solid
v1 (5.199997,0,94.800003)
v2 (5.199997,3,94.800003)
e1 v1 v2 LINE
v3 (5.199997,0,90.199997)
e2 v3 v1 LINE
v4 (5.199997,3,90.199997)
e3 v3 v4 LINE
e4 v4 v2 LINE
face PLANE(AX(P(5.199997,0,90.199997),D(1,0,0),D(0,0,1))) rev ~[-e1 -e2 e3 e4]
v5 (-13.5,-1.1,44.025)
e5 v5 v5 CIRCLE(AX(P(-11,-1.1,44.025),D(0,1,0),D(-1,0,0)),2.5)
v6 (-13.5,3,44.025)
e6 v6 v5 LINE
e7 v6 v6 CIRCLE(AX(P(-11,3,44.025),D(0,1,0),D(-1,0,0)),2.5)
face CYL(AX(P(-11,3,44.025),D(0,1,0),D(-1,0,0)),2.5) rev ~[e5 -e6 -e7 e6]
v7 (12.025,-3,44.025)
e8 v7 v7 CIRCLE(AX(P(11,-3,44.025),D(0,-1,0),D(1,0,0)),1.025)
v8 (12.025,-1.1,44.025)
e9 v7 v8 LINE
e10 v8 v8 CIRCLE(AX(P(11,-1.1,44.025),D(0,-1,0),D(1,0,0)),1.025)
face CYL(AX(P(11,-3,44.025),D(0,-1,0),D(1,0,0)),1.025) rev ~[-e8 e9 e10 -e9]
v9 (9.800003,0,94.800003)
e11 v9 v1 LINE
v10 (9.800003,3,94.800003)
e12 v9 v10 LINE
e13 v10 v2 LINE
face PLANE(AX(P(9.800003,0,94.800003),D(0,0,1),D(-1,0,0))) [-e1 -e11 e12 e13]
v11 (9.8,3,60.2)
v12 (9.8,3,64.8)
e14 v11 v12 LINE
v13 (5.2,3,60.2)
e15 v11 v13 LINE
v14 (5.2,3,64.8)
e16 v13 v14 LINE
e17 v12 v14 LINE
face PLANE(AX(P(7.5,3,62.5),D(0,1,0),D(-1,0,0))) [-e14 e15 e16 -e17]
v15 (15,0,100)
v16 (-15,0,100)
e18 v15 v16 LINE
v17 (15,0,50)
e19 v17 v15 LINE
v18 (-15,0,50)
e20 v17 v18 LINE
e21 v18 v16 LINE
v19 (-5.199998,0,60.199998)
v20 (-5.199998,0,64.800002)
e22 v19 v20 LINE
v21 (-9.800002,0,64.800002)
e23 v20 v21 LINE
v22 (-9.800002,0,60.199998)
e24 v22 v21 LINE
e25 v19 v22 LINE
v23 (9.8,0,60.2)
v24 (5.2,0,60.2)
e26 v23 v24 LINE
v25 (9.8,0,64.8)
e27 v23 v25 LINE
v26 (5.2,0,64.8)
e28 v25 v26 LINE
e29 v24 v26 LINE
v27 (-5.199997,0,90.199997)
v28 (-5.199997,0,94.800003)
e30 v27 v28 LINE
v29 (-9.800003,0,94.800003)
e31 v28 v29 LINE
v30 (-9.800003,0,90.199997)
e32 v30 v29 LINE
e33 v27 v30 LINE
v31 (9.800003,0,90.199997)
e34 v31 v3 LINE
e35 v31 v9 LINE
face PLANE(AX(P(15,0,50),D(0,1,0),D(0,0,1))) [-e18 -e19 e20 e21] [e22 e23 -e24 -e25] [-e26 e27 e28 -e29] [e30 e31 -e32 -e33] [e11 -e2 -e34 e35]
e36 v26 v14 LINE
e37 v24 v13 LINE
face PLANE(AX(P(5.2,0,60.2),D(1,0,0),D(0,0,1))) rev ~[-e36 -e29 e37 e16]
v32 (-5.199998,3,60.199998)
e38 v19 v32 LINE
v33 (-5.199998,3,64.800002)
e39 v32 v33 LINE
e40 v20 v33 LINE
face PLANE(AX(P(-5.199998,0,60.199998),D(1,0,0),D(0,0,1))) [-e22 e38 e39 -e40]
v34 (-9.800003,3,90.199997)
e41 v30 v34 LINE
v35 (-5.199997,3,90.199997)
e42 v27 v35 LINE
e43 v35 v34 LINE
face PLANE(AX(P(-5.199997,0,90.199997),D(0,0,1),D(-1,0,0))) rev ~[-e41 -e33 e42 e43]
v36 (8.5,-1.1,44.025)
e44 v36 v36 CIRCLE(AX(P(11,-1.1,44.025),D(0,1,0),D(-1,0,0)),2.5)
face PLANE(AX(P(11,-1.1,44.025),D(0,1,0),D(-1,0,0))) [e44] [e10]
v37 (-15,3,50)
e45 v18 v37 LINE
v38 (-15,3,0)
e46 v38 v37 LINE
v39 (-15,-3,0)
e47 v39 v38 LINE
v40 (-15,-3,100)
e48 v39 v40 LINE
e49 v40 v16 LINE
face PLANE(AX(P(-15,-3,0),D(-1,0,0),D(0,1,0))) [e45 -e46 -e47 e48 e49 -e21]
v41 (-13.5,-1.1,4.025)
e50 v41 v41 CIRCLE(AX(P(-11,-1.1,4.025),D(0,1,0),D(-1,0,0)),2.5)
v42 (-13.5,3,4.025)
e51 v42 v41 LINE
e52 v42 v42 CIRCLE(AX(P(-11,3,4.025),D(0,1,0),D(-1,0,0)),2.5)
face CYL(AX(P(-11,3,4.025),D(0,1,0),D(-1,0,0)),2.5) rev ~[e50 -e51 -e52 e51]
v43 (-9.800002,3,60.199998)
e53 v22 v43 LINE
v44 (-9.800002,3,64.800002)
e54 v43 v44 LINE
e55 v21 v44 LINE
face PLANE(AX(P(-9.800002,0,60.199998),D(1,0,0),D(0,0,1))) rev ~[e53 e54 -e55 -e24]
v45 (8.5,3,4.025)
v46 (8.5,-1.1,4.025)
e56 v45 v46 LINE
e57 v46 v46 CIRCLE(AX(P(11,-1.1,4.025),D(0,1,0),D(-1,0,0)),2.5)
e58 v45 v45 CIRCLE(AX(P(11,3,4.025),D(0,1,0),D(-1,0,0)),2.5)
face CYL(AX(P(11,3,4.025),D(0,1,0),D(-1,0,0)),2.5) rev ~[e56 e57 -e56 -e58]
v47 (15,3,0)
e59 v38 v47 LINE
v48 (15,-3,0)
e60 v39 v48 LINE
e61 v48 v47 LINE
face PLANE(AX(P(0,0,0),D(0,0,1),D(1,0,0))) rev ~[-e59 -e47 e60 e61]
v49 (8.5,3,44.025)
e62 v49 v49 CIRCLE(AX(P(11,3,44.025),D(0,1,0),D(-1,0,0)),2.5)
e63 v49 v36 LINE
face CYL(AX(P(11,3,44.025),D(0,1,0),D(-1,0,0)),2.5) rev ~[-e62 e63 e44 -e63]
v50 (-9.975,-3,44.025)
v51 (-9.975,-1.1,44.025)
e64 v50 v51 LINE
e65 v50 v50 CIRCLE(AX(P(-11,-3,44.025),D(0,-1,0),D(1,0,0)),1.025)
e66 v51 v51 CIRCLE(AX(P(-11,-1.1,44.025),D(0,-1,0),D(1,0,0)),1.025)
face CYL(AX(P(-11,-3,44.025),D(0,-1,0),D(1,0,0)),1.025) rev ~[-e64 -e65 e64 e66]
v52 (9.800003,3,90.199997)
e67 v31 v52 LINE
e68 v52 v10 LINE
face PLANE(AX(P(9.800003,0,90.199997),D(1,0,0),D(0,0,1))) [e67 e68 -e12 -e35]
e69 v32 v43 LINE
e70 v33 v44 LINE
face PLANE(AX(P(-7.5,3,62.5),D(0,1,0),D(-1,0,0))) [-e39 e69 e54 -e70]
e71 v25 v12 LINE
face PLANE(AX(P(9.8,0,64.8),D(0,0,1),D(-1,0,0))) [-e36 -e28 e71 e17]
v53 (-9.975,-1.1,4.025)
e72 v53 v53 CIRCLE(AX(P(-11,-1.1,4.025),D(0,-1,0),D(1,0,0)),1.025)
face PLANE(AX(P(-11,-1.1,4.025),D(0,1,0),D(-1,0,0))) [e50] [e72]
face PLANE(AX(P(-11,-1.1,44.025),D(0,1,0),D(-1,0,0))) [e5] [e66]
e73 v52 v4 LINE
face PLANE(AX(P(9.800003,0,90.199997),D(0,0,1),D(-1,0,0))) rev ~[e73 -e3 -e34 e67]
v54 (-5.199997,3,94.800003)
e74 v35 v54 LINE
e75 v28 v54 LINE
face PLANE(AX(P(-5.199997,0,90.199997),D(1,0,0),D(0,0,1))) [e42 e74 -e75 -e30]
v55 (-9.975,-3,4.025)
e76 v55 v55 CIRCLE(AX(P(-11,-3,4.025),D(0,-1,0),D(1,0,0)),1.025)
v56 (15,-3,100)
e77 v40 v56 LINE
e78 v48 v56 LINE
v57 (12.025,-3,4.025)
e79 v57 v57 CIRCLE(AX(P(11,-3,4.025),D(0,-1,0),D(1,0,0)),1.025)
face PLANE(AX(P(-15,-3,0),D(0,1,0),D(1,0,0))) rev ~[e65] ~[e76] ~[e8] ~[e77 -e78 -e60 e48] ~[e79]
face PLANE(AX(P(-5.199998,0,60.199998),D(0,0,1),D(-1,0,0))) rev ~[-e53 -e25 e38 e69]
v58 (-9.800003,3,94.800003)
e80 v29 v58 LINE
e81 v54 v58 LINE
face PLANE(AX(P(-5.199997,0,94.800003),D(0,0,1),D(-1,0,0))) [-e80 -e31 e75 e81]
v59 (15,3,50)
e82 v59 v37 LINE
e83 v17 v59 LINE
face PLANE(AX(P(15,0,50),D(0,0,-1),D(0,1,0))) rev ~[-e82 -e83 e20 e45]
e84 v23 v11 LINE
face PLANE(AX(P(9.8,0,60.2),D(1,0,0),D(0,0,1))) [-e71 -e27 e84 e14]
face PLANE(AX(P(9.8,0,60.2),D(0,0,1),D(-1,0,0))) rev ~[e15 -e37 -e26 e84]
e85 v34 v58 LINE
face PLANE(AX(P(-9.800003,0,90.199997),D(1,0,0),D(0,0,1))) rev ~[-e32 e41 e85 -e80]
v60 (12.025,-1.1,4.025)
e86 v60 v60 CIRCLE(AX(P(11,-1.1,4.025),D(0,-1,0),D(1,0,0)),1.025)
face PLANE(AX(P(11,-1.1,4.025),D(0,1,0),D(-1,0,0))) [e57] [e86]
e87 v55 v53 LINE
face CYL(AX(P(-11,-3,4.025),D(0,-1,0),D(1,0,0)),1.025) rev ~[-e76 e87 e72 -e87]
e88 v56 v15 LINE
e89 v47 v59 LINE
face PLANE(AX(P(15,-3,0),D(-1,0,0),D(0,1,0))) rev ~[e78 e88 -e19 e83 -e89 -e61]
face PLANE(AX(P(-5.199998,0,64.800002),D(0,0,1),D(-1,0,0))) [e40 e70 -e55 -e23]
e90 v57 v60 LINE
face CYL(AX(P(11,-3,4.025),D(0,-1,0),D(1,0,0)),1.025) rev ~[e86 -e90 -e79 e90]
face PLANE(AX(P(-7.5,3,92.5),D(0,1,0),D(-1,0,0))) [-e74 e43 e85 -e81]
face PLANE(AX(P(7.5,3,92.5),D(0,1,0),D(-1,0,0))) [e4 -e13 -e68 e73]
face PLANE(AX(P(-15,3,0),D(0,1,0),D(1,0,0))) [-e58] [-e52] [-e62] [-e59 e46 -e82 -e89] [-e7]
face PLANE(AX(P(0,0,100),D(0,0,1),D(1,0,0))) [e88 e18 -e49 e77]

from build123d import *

# Parameters (mm, degrees)
F0_W     = 30
F0_H     = 6
F1_DEPTH = 100
F2_R     = 1.025
F3_DEPTH = 6
F4_W     = 3
F4_H     = 50
F5_DEPTH = 30
F6_W     = 4.600006
F6_H     = 4.600006
F6_W_2   = 4.6
F6_H_2   = 4.6
F6_W_3   = 4.600004
F6_H_3   = 4.600004
F7_DEPTH = 3
F8_R     = 2.5
F9_DEPTH = 4.1


with BuildPart() as f1:
    # F0 (on Top) → F1 (new body)
    with BuildSketch(Plane.XY):
        Rectangle(F0_W, F0_H)
    extrude(amount=F1_DEPTH)

    # F2 (on face) → F3 (cut, through all)
    with BuildSketch(Plane.XZ.offset(3)):
        with Locations((11, 4.025)):
            Circle(F2_R)
        with Locations((11, 44.025)):
            Circle(F2_R)
        with Locations((-11, 44.025)):
            Circle(F2_R)
        with Locations((-11, 4.025)):
            Circle(F2_R)
    extrude(amount=-F3_DEPTH, mode=Mode.SUBTRACT)

    # F4 (on face) → F5 (cut, through all)
    with BuildSketch(Plane.YZ.offset(15)):
        with Locations((1.5, 75)):
            Rectangle(F4_W, F4_H)
    extrude(amount=-F5_DEPTH, mode=Mode.SUBTRACT)

    # F6 (on face) → F7 (join)
    with BuildSketch(Plane(origin=(0, 0, 0), x_dir=(-1, 0, 0), z_dir=(0, 1, 0))):
        with Locations((-7.5, 92.5)):
            Rectangle(F6_W, F6_H)
        with Locations((7.5, 92.5)):
            Rectangle(F6_W, F6_H)
        with Locations((-7.5, 62.5)):
            Rectangle(F6_W_2, F6_H_2)
        with Locations((7.5, 62.5)):
            Rectangle(F6_W_3, F6_H_3)
    extrude(amount=F7_DEPTH)

    # F8 (on face) → F9 (cut)
    with BuildSketch(Plane(origin=(0, 3, 0), x_dir=(-1, 0, 0), z_dir=(0, 1, 0))):
        with Locations((11, 44.025)):
            Circle(F8_R)
        with Locations((-11, 44.025)):
            Circle(F8_R)
        with Locations((-11, 4.025)):
            Circle(F8_R)
        with Locations((11, 4.025)):
            Circle(F8_R)
    extrude(amount=-F9_DEPTH, mode=Mode.SUBTRACT)


solid = f1.part
